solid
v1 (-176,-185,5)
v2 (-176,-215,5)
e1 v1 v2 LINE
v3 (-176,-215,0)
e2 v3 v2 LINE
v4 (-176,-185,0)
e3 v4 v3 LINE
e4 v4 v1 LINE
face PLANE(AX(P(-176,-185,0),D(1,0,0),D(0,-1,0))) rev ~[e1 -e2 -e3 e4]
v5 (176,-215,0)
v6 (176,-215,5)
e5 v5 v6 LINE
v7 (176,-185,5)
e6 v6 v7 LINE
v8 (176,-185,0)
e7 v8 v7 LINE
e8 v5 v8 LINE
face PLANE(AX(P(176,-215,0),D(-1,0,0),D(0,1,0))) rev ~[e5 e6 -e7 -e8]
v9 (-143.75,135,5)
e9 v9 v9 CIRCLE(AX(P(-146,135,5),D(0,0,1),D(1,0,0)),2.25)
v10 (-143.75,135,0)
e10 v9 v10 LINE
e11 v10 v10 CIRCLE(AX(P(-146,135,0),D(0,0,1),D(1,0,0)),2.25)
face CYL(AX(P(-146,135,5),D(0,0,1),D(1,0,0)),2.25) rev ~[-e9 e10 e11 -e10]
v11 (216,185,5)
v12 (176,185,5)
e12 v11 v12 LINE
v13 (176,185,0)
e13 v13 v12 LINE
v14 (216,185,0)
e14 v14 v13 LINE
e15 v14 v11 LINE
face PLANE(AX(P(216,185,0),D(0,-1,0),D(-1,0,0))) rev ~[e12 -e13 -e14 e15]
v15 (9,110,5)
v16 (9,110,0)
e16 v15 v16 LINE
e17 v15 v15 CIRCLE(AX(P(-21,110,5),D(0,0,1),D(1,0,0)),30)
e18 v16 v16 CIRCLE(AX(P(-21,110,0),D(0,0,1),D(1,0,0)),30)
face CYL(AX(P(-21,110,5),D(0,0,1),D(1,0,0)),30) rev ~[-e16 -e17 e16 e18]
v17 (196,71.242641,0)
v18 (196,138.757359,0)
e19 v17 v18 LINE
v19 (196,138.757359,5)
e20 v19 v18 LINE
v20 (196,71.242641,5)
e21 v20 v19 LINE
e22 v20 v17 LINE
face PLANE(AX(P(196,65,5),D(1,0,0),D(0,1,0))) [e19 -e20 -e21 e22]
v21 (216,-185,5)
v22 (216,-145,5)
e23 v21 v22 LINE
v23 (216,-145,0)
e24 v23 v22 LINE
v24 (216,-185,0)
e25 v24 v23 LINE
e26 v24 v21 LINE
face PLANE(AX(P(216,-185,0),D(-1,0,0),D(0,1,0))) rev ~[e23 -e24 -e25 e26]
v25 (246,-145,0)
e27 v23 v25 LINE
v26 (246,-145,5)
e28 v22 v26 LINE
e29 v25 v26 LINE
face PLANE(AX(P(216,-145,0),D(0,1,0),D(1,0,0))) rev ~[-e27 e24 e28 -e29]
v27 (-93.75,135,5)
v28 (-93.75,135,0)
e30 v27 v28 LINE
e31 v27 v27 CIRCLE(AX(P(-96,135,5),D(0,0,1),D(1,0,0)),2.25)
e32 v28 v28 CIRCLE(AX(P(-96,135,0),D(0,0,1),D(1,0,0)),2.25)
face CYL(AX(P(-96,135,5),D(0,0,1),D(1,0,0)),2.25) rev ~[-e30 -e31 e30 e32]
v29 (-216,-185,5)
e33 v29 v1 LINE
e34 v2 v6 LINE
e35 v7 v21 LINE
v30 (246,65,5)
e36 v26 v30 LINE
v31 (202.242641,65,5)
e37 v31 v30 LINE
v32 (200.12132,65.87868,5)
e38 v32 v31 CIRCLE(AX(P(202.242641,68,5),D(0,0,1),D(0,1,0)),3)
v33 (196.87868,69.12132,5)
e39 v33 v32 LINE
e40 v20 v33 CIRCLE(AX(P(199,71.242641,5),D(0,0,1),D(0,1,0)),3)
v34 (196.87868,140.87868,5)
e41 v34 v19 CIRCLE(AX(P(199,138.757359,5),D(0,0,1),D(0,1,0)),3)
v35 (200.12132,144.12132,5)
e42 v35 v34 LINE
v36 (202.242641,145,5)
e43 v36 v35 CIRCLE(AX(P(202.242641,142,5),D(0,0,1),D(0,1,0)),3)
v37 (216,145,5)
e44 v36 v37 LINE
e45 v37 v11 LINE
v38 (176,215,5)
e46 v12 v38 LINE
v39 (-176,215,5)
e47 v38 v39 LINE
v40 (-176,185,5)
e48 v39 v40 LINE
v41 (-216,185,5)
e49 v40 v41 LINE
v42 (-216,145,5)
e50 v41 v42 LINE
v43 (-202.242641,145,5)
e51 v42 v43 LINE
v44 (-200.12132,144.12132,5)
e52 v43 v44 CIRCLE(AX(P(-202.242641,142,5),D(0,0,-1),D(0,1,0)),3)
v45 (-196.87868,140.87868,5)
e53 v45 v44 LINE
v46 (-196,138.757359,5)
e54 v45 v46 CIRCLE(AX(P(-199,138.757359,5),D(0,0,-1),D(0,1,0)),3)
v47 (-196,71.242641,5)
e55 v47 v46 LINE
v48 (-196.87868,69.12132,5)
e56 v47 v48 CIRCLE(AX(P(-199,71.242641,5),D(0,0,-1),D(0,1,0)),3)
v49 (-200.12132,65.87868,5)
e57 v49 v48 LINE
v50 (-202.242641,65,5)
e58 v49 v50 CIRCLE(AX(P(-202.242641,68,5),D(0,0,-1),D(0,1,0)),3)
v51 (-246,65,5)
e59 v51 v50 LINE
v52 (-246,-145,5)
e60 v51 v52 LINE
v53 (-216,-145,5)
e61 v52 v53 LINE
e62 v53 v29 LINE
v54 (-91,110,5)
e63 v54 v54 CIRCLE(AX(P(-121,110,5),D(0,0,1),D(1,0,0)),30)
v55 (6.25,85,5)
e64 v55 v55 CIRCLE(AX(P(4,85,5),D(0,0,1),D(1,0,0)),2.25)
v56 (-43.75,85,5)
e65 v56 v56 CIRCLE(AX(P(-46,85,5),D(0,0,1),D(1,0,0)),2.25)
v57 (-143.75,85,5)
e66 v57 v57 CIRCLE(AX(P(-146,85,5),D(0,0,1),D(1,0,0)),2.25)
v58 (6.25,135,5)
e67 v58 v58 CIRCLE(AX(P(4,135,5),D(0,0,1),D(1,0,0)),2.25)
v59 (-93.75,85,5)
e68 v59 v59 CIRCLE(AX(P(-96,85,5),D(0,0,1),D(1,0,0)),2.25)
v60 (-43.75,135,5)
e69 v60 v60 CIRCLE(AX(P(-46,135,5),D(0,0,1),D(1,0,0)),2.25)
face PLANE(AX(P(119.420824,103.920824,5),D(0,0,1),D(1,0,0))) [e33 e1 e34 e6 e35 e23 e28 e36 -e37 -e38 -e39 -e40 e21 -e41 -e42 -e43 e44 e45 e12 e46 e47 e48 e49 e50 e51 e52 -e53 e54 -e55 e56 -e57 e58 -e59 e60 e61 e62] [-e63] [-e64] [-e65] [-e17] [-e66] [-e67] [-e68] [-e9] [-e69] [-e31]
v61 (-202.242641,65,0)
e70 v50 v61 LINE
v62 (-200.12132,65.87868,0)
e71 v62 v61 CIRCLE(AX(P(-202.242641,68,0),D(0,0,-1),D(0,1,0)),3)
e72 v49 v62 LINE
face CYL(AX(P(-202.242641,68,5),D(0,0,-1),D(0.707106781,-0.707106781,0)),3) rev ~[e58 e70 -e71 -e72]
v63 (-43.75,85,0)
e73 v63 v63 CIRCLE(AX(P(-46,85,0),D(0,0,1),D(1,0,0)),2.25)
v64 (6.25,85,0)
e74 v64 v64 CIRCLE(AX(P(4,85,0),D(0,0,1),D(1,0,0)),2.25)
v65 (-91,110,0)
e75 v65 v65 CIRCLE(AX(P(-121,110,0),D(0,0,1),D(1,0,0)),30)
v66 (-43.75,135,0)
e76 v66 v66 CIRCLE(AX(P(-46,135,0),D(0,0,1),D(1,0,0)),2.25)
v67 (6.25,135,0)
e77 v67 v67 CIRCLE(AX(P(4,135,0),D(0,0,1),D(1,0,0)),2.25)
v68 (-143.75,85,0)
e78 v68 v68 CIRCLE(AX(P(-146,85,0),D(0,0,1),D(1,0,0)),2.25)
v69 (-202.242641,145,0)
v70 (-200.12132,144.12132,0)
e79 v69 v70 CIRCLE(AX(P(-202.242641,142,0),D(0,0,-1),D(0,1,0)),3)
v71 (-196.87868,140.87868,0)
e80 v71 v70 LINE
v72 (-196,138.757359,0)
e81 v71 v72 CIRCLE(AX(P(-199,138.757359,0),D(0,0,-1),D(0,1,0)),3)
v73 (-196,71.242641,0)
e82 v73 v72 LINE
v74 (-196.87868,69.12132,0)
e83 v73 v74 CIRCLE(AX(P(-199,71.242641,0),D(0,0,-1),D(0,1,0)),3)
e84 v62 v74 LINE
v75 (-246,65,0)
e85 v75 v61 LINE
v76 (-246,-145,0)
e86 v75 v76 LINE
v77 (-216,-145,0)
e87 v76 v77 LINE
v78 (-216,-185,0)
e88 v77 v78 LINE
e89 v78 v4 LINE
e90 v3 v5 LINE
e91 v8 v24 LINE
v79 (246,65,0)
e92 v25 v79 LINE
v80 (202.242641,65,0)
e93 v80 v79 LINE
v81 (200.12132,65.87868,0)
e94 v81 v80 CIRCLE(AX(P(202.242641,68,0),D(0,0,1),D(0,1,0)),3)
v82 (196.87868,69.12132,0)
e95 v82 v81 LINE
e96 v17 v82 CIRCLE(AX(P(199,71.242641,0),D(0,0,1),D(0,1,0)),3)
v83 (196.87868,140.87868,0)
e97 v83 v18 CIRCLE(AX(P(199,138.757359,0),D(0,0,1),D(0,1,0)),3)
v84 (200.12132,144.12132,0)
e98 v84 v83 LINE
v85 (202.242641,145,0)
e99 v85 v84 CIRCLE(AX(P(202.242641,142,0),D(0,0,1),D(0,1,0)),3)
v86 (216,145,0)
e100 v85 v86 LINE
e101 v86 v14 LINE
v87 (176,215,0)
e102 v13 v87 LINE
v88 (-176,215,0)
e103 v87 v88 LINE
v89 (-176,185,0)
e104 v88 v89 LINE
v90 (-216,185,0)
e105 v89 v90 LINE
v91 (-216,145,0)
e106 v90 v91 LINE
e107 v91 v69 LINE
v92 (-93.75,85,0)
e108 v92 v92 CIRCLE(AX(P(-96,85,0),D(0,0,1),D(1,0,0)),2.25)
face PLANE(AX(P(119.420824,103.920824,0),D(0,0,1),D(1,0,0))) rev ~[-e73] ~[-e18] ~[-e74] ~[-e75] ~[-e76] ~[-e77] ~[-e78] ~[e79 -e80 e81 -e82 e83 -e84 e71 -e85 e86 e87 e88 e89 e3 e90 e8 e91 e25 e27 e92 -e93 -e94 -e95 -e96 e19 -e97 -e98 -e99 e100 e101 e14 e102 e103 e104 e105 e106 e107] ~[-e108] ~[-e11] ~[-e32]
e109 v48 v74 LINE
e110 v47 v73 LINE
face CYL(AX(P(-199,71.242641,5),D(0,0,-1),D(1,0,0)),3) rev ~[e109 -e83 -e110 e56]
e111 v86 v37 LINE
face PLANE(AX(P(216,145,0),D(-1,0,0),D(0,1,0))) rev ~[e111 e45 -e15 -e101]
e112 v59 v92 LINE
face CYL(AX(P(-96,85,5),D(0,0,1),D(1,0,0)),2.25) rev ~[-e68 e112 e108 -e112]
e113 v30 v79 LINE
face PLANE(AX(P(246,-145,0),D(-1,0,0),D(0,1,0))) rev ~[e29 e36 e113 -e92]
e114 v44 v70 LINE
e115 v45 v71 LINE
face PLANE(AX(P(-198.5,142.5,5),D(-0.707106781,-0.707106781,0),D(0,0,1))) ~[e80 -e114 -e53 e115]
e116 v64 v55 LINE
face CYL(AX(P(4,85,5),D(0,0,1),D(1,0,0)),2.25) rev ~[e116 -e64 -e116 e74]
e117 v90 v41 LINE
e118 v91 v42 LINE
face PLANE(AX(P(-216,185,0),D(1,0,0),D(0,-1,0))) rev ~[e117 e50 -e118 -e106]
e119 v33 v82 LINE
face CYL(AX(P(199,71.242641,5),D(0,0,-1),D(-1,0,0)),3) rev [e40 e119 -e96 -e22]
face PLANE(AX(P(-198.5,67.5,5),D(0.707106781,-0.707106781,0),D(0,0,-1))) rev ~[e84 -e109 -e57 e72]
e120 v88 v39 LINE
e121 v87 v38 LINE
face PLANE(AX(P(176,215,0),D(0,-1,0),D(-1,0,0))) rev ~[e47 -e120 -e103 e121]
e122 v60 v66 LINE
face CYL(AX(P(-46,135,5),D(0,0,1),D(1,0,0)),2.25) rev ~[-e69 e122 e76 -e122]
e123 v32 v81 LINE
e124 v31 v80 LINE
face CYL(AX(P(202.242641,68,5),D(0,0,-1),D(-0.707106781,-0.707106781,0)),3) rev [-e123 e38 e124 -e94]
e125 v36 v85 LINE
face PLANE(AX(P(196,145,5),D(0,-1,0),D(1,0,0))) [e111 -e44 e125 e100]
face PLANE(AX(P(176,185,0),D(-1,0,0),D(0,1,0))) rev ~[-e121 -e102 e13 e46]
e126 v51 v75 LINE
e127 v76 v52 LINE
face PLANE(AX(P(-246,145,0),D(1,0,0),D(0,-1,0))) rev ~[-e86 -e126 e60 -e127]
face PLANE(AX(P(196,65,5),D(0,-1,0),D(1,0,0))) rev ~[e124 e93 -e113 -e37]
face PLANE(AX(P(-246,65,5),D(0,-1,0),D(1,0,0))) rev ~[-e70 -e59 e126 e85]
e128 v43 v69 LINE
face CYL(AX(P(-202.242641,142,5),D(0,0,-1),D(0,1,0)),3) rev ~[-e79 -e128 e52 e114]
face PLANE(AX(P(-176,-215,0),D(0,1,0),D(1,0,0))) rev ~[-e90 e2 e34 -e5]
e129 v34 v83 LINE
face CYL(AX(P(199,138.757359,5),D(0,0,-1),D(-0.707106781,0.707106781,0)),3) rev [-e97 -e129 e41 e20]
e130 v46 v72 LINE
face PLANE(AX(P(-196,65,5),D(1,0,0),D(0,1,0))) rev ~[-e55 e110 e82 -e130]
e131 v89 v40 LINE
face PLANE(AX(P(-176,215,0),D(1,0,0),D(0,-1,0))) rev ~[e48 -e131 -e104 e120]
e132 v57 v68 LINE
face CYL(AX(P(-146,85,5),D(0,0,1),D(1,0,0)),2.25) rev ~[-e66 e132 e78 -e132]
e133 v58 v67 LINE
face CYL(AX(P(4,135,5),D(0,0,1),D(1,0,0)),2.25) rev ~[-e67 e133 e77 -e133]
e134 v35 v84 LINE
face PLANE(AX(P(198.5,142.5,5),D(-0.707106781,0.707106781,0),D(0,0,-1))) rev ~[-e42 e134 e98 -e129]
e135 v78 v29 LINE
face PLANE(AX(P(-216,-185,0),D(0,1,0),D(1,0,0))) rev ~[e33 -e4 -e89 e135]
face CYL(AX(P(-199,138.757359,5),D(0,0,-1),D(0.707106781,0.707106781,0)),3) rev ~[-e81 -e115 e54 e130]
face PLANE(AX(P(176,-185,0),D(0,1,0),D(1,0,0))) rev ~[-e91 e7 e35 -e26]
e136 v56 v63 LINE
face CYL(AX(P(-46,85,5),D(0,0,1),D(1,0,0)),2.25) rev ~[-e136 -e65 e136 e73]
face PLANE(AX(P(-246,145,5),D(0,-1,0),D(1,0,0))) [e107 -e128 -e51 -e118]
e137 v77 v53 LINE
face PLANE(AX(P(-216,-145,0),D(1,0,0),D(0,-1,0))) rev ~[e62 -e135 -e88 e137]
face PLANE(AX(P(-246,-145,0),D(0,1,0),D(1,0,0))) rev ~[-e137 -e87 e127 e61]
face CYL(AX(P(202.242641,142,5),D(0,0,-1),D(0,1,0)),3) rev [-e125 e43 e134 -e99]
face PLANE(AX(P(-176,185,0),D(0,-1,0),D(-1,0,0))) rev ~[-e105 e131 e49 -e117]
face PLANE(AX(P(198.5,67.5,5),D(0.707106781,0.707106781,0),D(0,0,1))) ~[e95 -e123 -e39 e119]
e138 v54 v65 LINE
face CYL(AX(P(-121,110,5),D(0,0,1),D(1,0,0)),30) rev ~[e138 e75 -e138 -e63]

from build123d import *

# Parameters (mm, degrees)
SALIENTE_EXTRUIR1_DEPTH = 5
CROQUIS3_W              = 50
CROQUIS3_H              = 80
CORTAR_EXTRUIR2_DEPTH   = 10
CHAFL_N1_SIZE           = 5
REDONDEO1_R             = 3
CROQUIS4_R              = 2.25
CORTAR_EXTRUIR3_DEPTH   = 5
CROQUIS5_R              = 30
CORTAR_EXTRUIR4_DEPTH   = 327.750669471


with BuildPart() as part:
    # Croquis1 → Saliente-Extruir1 (new body)
    with BuildSketch(Plane.XY):
        Polygon((0, 215), (0, 0), (246, 0), (246, 145), (216, 145), (216, 185), (176, 185), (176, 215), align=None)
        Polygon((-246, 145), (-246, 0), (0, 0), (0, 215), (-176, 215), (-176, 185), (-216, 185), (-216, 145), align=None)
        Polygon((0, 0), (-246, 0), (-246, -145), (-216, -145), (-216, -185), (-176, -185), (-176, -215), (176, -215), (176, -185), (216, -185), (216, -145), (246, -145), (246, 0), align=None)
    extrude(amount=SALIENTE_EXTRUIR1_DEPTH)

    # Croquis3 → Cortar-Extruir2 (cut)
    with BuildSketch(Plane.XY.offset(5)):
        with Locations((-221, 105)):
            Rectangle(CROQUIS3_W, CROQUIS3_H)
        with Locations((221, 105)):
            Rectangle(CROQUIS3_W, CROQUIS3_H)
    extrude(amount=-CORTAR_EXTRUIR2_DEPTH, mode=Mode.SUBTRACT)

    # Chaflán1
    chafl_n1_edges = [part.edges().sort_by_distance(p)[0] for p in [
        (-196, 65, 2.5),
        (-196, 145, 2.5),
        (196, 65, 2.5),
        (196, 145, 2.5),
    ]]
    chamfer(chafl_n1_edges, length=CHAFL_N1_SIZE)

    # Redondeo1
    redondeo1_edges = [part.edges().sort_by_distance(p)[0] for p in [
        (-196, 140, 2.5),
        (-196, 70, 2.5),
        (-201, 65, 2.5),
        (-201, 145, 2.5),
        (201, 65, 2.5),
        (196, 140, 2.5),
        (196, 70, 2.5),
        (201, 145, 2.5),
    ]]
    fillet(redondeo1_edges, radius=REDONDEO1_R)

    # Croquis4 → Cortar-Extruir3 (cut, symmetric)
    with BuildSketch(Plane.XY.offset(5)):
        with Locations((-146, 135)):
            Circle(CROQUIS4_R)
        with Locations((-96, 135)):
            Circle(CROQUIS4_R)
        with Locations((-146, 85)):
            Circle(CROQUIS4_R)
        with Locations((-96, 85)):
            Circle(CROQUIS4_R)
        with Locations((-46, 135)):
            Circle(CROQUIS4_R)
        with Locations((-46, 85)):
            Circle(CROQUIS4_R)
        with Locations((4, 135)):
            Circle(CROQUIS4_R)
        with Locations((4, 85)):
            Circle(CROQUIS4_R)
    extrude(amount=CORTAR_EXTRUIR3_DEPTH, both=True, mode=Mode.SUBTRACT)

    # Croquis5 → Cortar-Extruir4 (cut, through all)
    with BuildSketch(Plane.XY.offset(5)):
        with Locations((-121, 110)):
            Circle(CROQUIS5_R)
        with Locations((-21, 110)):
            Circle(CROQUIS5_R)
    extrude(amount=-CORTAR_EXTRUIR4_DEPTH, mode=Mode.SUBTRACT)


solid = part.part
